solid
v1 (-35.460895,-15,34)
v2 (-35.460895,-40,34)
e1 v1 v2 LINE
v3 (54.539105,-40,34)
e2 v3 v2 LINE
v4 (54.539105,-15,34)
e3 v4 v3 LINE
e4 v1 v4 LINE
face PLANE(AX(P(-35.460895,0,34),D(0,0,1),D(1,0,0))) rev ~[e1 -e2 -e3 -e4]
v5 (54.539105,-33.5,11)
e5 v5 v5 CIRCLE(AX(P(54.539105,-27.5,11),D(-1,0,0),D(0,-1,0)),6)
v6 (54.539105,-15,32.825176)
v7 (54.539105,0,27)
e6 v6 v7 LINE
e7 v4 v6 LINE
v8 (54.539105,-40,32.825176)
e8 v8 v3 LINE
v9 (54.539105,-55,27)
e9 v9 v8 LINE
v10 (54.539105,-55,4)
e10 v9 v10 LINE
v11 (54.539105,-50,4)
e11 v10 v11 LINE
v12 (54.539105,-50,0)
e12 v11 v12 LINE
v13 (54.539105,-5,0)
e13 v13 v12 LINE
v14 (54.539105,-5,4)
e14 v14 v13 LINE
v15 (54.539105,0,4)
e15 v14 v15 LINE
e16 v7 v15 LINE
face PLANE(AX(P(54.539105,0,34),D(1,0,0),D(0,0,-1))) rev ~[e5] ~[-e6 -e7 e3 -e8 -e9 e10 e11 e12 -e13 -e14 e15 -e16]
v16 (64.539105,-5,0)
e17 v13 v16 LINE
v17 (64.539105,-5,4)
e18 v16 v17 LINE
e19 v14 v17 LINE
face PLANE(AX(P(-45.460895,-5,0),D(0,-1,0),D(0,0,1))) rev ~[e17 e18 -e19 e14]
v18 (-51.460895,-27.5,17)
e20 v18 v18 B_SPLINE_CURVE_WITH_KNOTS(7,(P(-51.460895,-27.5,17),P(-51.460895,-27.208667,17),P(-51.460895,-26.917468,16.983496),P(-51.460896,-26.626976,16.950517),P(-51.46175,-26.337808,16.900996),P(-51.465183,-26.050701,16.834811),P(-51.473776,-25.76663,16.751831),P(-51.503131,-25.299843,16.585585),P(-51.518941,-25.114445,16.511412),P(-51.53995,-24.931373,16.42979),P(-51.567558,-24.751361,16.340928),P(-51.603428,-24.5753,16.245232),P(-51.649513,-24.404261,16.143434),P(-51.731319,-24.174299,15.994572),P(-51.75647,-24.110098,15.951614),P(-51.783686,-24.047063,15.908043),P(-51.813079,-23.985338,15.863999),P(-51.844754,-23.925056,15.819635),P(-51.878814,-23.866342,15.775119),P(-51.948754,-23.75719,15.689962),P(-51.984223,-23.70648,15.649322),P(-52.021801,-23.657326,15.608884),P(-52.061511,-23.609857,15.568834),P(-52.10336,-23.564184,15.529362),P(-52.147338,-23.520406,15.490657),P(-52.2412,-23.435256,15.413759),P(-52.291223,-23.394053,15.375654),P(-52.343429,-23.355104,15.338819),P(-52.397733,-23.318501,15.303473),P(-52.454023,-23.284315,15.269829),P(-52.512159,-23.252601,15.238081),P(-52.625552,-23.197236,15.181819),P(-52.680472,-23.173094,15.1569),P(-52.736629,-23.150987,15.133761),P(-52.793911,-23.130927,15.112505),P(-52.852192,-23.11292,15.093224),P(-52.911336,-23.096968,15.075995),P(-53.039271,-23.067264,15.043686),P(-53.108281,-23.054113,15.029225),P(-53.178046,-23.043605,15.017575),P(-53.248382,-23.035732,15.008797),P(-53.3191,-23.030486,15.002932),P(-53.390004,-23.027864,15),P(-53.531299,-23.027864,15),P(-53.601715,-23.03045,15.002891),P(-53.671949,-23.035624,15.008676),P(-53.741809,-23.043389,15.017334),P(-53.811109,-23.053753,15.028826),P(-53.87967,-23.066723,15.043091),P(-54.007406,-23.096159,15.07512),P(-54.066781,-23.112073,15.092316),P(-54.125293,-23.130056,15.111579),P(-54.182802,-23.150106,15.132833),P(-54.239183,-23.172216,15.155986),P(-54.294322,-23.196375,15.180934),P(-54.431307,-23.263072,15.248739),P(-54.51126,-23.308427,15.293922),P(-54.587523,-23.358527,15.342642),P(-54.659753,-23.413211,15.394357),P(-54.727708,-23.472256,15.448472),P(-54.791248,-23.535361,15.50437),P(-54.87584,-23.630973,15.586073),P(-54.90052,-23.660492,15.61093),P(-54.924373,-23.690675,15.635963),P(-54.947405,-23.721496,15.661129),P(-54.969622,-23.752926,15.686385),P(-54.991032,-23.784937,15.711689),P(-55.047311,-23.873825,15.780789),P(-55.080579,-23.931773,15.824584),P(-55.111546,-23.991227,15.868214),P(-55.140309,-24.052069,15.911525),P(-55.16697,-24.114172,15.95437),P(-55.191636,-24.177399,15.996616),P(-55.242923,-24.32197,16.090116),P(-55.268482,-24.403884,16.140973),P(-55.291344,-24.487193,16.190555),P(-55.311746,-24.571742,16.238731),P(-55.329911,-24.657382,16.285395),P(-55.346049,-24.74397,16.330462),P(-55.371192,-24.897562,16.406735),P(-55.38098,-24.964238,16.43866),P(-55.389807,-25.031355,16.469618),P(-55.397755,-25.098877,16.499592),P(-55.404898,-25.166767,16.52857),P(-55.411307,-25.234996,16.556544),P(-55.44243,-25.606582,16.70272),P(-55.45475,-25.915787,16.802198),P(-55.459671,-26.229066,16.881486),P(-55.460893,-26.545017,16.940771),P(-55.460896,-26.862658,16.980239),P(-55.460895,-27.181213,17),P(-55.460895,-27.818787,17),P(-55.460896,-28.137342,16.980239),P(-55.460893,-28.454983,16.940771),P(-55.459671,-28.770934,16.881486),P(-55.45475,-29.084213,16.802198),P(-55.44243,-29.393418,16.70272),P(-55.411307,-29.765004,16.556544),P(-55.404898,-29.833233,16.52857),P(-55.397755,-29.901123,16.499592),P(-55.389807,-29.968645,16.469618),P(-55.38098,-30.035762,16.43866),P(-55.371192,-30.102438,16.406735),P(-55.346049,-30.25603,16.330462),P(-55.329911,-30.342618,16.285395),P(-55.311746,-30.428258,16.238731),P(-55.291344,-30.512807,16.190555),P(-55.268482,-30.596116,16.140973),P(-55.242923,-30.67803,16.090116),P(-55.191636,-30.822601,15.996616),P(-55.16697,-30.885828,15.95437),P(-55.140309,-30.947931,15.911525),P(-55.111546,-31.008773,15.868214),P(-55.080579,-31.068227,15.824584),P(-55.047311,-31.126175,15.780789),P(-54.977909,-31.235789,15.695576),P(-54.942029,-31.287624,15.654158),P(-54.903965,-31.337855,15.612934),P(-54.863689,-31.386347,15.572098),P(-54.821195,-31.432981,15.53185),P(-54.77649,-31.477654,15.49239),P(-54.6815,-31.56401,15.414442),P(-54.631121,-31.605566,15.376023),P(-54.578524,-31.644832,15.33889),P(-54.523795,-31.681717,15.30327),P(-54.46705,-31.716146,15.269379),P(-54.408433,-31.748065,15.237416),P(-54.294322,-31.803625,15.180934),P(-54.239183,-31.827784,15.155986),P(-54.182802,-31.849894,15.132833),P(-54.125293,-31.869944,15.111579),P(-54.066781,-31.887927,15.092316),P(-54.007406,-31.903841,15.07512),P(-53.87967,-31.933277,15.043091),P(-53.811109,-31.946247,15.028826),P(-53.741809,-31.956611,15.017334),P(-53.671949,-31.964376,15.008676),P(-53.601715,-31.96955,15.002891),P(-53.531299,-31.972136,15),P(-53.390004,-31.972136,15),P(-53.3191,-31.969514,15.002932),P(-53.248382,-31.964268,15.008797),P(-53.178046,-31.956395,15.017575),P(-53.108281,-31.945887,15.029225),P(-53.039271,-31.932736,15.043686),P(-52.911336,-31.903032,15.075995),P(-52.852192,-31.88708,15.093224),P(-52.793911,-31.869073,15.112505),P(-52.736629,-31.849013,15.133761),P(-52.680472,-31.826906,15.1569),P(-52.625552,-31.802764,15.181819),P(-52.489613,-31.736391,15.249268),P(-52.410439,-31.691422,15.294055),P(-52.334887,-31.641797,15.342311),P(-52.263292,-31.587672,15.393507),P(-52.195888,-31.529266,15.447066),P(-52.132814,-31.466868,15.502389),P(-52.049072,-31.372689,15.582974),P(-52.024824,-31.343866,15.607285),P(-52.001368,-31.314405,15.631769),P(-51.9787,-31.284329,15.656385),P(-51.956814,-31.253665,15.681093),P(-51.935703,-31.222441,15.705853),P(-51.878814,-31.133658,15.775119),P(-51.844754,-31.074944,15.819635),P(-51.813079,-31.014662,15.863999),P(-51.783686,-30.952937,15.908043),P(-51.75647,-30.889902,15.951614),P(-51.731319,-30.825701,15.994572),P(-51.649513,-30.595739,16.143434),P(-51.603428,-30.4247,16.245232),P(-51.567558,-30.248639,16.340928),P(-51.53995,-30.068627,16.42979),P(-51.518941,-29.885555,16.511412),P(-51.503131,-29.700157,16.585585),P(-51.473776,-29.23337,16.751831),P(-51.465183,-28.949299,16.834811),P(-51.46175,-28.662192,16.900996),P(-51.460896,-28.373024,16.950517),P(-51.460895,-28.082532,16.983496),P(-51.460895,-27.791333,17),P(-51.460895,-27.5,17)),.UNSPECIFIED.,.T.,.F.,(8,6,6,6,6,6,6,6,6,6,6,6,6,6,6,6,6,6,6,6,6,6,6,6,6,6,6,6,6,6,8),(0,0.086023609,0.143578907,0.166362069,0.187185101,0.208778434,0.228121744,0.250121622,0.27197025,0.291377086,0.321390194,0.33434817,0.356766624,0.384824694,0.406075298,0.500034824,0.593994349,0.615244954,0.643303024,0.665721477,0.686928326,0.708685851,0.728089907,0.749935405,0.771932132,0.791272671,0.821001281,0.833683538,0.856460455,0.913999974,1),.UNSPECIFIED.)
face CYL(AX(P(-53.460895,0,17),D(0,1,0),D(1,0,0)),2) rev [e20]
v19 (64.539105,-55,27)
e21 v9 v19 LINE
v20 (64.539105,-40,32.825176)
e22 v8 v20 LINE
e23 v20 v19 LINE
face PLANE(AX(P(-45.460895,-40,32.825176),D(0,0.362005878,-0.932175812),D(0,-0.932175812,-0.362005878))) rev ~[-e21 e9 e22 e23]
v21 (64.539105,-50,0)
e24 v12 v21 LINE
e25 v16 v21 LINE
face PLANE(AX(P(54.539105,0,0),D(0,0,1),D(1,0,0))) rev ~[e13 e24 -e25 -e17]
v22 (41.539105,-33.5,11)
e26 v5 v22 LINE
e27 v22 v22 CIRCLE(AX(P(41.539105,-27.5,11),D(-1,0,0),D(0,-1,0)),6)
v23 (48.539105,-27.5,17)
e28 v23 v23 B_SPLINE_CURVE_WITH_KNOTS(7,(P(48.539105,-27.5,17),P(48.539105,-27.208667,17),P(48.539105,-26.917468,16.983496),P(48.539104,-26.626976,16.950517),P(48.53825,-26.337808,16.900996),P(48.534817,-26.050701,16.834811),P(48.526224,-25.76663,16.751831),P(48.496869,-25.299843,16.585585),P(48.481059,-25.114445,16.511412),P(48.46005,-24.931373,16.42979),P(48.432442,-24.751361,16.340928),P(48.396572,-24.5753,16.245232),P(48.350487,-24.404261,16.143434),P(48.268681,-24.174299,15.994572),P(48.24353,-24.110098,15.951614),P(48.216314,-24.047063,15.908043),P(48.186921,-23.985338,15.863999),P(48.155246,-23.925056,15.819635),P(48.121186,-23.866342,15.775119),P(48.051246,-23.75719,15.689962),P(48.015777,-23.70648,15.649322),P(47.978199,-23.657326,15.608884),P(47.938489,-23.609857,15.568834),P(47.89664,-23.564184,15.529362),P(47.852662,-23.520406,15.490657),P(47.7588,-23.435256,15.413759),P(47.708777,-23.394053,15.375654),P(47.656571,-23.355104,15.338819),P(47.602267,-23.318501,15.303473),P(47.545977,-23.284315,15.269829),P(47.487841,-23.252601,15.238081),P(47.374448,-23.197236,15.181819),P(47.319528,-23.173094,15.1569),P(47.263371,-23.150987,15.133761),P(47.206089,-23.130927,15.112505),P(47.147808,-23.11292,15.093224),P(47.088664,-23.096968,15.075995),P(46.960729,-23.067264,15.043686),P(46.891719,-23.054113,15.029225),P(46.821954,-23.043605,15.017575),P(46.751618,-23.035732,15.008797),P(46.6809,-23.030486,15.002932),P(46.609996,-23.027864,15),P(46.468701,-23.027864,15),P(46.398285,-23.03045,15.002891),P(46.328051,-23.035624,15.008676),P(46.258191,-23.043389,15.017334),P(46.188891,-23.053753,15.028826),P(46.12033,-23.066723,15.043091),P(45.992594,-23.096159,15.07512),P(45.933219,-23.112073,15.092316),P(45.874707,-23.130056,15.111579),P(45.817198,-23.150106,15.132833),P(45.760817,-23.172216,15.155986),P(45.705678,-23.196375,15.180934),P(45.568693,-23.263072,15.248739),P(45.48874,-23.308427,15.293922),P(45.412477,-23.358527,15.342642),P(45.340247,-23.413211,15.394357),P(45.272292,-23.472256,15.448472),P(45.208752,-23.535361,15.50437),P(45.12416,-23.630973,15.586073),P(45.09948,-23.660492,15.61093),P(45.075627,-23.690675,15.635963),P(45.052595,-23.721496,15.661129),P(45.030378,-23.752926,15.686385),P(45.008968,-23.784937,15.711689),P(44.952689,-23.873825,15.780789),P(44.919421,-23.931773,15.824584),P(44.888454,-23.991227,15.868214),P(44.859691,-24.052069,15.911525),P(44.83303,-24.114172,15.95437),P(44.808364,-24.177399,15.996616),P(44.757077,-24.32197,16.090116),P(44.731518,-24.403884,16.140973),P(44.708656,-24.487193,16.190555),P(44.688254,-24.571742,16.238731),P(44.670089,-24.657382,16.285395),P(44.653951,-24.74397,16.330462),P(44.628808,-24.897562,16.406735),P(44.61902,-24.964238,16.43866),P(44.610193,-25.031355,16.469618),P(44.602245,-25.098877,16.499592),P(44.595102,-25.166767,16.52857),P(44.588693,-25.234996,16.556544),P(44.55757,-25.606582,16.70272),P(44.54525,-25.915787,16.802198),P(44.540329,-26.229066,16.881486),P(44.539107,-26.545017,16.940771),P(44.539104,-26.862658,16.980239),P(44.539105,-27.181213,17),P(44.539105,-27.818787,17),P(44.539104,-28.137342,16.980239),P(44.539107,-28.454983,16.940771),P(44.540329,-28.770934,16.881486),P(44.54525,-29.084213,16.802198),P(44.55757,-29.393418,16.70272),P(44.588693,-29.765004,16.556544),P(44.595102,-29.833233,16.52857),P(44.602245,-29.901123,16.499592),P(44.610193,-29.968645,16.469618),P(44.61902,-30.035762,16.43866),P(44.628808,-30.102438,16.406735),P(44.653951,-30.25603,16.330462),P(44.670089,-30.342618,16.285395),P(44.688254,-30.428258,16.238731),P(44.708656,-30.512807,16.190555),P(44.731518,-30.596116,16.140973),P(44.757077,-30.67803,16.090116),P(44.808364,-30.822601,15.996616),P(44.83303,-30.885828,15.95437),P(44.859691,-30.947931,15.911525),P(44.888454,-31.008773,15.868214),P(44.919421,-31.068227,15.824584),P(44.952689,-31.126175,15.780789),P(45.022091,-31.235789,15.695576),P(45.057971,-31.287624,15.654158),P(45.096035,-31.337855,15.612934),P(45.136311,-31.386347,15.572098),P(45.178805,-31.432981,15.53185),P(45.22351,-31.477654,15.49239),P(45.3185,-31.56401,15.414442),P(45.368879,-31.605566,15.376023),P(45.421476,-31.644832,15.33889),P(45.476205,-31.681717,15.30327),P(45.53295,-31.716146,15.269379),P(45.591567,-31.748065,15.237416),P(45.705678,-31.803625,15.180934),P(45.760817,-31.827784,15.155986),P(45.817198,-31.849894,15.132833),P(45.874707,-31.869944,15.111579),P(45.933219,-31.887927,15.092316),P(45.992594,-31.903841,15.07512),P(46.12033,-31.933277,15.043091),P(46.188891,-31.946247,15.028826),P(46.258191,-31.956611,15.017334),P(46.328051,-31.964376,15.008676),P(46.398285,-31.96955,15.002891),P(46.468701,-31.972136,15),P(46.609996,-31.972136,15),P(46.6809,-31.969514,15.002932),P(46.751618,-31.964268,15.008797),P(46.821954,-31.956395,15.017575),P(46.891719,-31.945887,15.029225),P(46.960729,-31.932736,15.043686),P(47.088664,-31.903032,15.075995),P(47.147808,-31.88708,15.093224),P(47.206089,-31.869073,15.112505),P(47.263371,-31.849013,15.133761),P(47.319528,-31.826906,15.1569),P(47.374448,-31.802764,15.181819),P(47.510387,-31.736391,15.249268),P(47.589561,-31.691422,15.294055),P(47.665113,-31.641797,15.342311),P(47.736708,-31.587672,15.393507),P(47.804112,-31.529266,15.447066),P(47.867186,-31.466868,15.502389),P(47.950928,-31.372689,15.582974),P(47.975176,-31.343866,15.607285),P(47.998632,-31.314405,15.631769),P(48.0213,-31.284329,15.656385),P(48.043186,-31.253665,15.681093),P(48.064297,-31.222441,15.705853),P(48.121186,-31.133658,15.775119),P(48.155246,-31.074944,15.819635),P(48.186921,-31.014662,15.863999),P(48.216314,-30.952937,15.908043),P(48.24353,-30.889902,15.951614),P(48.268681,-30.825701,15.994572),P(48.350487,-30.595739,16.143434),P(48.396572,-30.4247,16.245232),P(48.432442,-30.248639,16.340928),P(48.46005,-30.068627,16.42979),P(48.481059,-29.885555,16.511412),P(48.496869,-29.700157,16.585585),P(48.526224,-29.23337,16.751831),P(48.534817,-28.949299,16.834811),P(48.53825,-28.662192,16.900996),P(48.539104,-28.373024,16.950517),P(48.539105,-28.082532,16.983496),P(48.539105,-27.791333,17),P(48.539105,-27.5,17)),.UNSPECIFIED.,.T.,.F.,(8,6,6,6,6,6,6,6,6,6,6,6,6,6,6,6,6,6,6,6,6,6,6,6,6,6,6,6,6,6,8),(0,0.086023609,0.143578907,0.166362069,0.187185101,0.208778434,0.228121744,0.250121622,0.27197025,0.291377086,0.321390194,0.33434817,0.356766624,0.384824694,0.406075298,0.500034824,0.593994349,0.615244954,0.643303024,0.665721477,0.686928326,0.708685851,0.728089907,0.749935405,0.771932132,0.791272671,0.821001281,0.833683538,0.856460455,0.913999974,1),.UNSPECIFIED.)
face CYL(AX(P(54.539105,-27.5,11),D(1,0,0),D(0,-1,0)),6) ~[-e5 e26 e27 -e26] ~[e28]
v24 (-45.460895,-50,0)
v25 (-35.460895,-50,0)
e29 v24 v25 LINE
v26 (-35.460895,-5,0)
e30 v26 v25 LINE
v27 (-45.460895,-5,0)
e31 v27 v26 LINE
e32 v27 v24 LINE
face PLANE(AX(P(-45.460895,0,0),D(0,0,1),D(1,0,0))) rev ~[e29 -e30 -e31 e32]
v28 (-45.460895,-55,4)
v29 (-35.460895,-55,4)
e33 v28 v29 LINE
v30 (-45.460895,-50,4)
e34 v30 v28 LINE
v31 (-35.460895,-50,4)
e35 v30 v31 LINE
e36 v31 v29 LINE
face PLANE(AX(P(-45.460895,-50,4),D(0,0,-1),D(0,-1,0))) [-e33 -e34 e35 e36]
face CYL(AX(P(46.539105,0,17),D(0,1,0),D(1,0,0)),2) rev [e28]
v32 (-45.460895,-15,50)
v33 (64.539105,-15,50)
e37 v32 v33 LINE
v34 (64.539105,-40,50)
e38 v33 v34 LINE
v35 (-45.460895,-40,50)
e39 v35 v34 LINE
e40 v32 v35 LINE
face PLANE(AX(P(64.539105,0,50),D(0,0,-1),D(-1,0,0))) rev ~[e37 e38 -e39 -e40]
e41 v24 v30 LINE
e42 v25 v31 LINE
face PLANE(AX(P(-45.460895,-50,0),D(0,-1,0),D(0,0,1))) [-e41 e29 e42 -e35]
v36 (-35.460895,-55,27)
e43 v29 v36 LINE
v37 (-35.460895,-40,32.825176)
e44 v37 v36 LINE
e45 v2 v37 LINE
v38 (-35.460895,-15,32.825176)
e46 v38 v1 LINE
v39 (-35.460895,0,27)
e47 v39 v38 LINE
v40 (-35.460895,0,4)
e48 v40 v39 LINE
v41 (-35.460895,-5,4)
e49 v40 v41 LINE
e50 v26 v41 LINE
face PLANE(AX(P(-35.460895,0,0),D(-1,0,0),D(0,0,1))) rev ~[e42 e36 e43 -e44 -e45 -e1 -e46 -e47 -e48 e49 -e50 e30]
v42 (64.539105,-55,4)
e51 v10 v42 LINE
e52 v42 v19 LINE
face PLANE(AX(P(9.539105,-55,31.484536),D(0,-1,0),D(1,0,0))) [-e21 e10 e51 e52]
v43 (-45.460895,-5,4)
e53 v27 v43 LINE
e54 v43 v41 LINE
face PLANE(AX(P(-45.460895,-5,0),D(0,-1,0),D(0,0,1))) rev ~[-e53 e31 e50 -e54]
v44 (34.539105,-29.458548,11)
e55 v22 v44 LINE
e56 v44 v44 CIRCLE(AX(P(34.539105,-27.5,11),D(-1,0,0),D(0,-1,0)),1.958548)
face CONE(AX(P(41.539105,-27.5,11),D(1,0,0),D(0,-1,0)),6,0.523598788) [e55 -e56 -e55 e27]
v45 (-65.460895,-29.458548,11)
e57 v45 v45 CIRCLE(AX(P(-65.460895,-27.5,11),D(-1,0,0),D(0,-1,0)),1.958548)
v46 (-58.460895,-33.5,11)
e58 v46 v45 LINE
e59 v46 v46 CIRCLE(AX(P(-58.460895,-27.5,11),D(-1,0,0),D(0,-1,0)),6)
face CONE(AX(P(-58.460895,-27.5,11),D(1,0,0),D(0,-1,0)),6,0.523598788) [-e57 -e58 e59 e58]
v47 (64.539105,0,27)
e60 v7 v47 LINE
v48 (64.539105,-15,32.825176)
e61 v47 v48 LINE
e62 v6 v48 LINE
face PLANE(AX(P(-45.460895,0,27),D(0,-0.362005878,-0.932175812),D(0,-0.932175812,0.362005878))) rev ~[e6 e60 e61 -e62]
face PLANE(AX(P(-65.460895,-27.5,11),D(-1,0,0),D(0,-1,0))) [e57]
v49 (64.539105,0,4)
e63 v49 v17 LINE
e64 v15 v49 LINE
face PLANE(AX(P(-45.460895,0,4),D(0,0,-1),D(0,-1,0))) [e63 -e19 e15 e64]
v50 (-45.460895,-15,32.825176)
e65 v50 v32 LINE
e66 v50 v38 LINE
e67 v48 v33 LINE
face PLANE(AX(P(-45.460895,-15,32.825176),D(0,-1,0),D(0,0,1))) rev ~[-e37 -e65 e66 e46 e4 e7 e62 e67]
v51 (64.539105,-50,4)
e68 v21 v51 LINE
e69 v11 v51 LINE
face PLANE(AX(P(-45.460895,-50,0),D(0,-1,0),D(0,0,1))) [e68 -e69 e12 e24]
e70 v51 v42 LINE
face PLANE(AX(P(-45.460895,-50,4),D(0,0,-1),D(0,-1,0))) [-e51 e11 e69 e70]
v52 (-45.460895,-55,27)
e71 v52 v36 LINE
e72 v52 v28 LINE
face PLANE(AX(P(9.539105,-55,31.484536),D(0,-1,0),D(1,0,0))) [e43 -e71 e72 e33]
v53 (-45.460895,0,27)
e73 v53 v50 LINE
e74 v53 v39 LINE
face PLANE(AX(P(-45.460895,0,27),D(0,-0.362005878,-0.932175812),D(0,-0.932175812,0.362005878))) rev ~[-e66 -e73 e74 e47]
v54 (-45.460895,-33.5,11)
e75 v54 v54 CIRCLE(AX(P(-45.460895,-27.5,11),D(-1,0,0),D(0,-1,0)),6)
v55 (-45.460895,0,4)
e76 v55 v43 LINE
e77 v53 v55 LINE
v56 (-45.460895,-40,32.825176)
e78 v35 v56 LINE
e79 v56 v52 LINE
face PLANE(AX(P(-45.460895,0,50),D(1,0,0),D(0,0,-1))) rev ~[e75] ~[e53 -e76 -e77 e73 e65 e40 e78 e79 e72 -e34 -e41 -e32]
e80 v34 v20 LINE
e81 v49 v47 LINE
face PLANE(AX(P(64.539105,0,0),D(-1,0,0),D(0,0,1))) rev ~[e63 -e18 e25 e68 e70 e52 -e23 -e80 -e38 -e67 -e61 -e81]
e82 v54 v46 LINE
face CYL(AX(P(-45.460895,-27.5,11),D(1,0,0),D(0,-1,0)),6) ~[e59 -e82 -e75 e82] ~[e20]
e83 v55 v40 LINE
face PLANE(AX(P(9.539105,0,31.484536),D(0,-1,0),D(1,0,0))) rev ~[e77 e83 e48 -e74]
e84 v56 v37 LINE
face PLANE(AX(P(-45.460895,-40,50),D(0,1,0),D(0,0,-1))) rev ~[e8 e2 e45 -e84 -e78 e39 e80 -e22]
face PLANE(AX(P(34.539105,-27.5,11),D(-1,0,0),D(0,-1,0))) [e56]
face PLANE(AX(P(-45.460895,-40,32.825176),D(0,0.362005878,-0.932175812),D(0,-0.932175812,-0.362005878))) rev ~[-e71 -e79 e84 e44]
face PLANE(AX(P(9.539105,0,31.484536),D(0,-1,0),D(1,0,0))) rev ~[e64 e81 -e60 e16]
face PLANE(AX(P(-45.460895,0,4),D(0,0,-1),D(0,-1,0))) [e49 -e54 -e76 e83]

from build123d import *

# Parameters (mm, degrees)
F1_DEPTH  = 55
F2_W      = 5
F2_H      = 4
F3_DEPTH  = 110.001
F4_R      = 6
F5_DEPTH  = 20
F6_R      = 6
F7_DEPTH  = 20
F9_DEPTH  = 110.001
F10_SIZE2 = 4.041452
F10_SIZE  = 7
F11_R     = 2
F12_DEPTH = 55.001


with BuildPart() as f1:
    # F0 (on Front) → F1 (new body)
    with BuildSketch(Plane.XZ):
        Polygon((-45.460895, 50), (-45.460895, 0), (-35.460895, 0), (-35.460895, 34), (54.539105, 34), (54.539105, 0), (64.539105, 0), (64.539105, 50), align=None)
    extrude(amount=F1_DEPTH)

    # F2 (on face) → F3 (cut, through all)
    with BuildSketch(Plane(origin=(-45.460895, 0, 0), x_dir=(0, -1, 0), z_dir=(-1, 0, 0))):
        with Locations((2.5, 2)):
            Rectangle(F2_W, F2_H)
        with Locations((52.5, 2)):
            Rectangle(F2_W, F2_H)
    extrude(amount=-F3_DEPTH, mode=Mode.SUBTRACT)

    # F4 (on face) → F5 (join)
    with BuildSketch(Plane(origin=(-45.460895, 0, 0), x_dir=(0, -1, 0), z_dir=(-1, 0, 0))):
        with Locations((27.5, 11)):
            Circle(F4_R)
    extrude(amount=F5_DEPTH)

    # F6 (on face) → F7 (join)
    with BuildSketch(Plane(origin=(54.539105, 0, 0), x_dir=(0, -1, 0), z_dir=(-1, 0, 0))):
        with Locations((27.5, 11)):
            Circle(F6_R)
    extrude(amount=F7_DEPTH)

    # F8 (on face) → F9 (cut, through all)
    with BuildSketch(Plane(origin=(-45.460895, 0, 0), x_dir=(0, -1, 0), z_dir=(-1, 0, 0))):
        Polygon((40, 32.825176), (55, 27), (55, 50), (40, 50), align=None)
        Polygon((15, 32.825176), (15, 50), (0, 50), (0, 27), align=None)
    extrude(amount=-F9_DEPTH, mode=Mode.SUBTRACT)

    # F10
    f10_edges = [f1.edges().sort_by_distance(p)[0] for p in [
        (-65.460895, -21.5, 11),
        (34.539105, -21.5, 11),
    ]]
    chamfer(f10_edges, length=F10_SIZE, length2=F10_SIZE2)

    # F11 (on Front) → F12 (cut, through all)
    with BuildSketch(Plane.XZ):
        with Locations((-53.460895, 17)):
            Circle(F11_R)
        with Locations((46.539105, 17)):
            Circle(F11_R)
    extrude(amount=F12_DEPTH, mode=Mode.SUBTRACT)


solid = f1.part
